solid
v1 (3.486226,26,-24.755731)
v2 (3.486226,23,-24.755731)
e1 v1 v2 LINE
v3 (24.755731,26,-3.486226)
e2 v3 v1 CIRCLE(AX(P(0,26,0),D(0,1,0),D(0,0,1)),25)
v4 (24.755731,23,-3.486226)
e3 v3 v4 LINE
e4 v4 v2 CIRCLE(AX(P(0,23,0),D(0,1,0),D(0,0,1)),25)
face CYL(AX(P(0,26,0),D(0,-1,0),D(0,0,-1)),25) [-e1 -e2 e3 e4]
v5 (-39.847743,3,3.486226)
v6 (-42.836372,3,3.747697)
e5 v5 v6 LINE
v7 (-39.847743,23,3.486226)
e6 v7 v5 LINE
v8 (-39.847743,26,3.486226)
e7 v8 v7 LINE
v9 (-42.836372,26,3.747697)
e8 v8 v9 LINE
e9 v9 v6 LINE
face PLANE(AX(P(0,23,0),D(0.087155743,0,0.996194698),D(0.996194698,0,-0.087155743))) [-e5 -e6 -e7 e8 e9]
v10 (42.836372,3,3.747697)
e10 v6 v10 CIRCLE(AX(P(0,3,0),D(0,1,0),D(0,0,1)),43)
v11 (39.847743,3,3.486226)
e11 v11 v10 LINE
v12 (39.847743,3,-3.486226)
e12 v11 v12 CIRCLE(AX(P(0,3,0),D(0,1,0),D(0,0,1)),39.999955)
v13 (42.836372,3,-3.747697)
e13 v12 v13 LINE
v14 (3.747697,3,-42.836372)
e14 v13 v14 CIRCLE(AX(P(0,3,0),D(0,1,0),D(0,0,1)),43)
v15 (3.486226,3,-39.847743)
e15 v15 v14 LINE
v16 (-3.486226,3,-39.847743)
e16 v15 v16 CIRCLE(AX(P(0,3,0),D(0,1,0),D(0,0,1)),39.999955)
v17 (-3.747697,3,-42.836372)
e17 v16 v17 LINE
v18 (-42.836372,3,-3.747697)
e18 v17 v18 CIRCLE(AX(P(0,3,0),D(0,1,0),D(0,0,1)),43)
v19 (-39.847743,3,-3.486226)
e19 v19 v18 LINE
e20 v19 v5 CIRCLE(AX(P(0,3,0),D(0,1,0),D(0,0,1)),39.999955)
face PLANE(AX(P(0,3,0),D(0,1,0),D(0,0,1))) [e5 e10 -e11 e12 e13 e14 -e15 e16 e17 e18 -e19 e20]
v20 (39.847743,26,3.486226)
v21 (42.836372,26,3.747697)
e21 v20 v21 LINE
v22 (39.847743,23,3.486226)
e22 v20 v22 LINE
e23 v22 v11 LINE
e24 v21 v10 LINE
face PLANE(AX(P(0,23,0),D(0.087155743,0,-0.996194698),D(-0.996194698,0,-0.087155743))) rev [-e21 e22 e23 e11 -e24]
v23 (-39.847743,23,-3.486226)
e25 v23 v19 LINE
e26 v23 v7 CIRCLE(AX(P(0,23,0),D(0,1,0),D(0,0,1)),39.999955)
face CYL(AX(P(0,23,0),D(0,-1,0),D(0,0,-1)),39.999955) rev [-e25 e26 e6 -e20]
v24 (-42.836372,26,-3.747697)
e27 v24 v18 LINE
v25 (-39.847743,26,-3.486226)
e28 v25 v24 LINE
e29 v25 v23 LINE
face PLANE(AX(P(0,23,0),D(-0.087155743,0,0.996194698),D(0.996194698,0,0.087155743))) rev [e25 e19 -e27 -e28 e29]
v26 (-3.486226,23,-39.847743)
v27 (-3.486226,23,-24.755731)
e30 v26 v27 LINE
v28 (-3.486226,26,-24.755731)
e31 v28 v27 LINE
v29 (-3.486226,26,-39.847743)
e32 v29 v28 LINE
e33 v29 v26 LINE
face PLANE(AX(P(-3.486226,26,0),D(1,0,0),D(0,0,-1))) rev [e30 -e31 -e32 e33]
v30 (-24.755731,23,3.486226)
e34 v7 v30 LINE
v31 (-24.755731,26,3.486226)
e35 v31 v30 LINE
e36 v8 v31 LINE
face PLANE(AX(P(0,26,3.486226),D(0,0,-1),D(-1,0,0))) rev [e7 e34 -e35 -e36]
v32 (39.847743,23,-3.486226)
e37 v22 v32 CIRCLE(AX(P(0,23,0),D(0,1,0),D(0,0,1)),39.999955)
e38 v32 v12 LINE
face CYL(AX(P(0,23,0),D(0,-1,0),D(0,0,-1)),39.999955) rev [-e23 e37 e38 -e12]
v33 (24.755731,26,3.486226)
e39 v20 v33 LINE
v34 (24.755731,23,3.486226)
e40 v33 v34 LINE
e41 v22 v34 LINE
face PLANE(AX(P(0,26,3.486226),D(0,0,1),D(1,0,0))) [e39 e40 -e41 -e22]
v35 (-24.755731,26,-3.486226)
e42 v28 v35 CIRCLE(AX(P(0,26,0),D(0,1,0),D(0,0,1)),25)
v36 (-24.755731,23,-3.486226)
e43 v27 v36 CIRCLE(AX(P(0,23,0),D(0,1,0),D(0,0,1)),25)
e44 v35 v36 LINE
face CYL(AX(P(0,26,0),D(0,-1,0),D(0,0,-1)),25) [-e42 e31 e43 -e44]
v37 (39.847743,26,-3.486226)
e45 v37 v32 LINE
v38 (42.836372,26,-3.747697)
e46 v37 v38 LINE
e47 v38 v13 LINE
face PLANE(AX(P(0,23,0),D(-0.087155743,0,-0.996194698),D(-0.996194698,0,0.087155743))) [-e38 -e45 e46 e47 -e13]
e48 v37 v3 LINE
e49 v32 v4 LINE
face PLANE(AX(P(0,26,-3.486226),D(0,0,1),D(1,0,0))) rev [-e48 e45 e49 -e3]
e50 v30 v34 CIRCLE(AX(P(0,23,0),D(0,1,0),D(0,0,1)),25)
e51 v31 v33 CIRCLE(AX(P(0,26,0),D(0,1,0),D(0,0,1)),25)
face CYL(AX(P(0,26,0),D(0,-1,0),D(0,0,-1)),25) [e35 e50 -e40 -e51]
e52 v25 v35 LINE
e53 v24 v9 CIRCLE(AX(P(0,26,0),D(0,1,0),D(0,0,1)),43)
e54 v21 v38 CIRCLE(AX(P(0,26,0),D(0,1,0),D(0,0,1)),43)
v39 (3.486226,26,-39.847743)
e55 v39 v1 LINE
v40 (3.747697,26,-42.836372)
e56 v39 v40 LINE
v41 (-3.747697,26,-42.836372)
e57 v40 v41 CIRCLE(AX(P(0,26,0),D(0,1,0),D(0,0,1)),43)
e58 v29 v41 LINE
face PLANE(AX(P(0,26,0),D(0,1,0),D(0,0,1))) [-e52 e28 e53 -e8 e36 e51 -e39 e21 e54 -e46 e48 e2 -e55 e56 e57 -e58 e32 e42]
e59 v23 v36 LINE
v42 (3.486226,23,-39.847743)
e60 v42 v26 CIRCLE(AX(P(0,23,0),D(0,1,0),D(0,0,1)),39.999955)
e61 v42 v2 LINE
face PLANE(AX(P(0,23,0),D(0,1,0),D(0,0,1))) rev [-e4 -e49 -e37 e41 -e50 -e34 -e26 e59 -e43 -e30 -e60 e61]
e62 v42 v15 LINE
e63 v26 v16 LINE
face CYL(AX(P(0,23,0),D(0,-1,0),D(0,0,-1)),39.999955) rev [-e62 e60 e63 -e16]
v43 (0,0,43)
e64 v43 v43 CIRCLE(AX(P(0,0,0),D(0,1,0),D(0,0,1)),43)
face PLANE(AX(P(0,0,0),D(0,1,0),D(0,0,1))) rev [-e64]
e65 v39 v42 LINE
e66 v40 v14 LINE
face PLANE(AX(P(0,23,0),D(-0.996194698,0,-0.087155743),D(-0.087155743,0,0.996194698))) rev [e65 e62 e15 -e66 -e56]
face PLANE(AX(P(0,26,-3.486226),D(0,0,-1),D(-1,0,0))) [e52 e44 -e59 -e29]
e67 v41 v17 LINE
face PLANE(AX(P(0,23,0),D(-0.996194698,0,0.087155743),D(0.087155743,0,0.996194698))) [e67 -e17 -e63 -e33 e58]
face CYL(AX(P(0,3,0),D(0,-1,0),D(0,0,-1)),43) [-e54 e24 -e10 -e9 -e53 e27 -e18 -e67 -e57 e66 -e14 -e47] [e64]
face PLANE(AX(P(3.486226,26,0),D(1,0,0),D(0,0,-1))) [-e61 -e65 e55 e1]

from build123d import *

# Parameters (mm, degrees)
SKETCH1_R           = 43
BOSS_EXTRUDE1_DEPTH = 3
BOSS_EXTRUDE2_DEPTH = 20
BOSS_EXTRUDE3_DEPTH = 3


with BuildPart() as part:
    # Sketch1 → Boss-Extrude1 (new body)
    with BuildSketch(Plane(origin=(0, 0, 0), x_dir=(1, 0, 0), z_dir=(0, 1, 0))):
        with Locations(Location((0, 0, 0), (0, 0, 270))):
            Circle(SKETCH1_R)
    extrude(amount=BOSS_EXTRUDE1_DEPTH)

    # Sketch2 → Boss-Extrude2 (add)
    with BuildSketch(Plane(origin=(0, 3, 0), x_dir=(1, 0, 0), z_dir=(0, 1, 0))):
        with BuildLine():
            Line((-43, 0), (-39.99995453, 0))
            ThreePointArc((-39.99995453, 0), (-39.961883436, 1.744773511), (-39.847742626, 3.486225747))
            Line((-39.847742626, 3.486225747), (-42.836372018, 3.747696938))
            ThreePointArc((-42.836372018, 3.747696938), (-42.959073528, 1.875633657), (-43, 0))
        make_face()
        with BuildLine():
            ThreePointArc((-39.847742626, -3.486225747), (-39.961883436, -1.744773511), (-39.99995453, 0))
            Line((-39.99995453, 0), (-43, 0))
            ThreePointArc((-43, 0), (-42.959073528, -1.875633657), (-42.836372018, -3.747696938))
            Line((-42.836372018, -3.747696938), (-39.847742626, -3.486225747))
        make_face()
        with BuildLine():
            ThreePointArc((39.847742626, 3.486225747), (39.961883436, 1.744773511), (39.99995453, 0))
            Line((39.99995453, 0), (43, 0))
            ThreePointArc((43, 0), (42.959073528, 1.875633657), (42.836372018, 3.747696938))
            Line((42.836372018, 3.747696938), (39.847742626, 3.486225747))
        make_face()
        with BuildLine():
            Line((43, 0), (39.99995453, 0))
            ThreePointArc((39.99995453, 0), (39.961883436, -1.744773511), (39.847742626, -3.486225747))
            Line((39.847742626, -3.486225747), (42.836372018, -3.747696938))
            ThreePointArc((42.836372018, -3.747696938), (42.959073528, -1.875633657), (43, 0))
        make_face()
        with BuildLine():
            Line((0, 43), (0, 39.99995453))
            ThreePointArc((0, 39.99995453), (1.744773511, 39.961883436), (3.486225747, 39.847742626))
            Line((3.486225747, 39.847742626), (3.747696938, 42.836372018))
            ThreePointArc((3.747696938, 42.836372018), (1.875633657, 42.959073528), (0, 43))
        make_face()
        with BuildLine():
            ThreePointArc((-3.486225747, 39.847742626), (-1.744773511, 39.961883436), (0, 39.99995453))
            Line((0, 39.99995453), (0, 43))
            ThreePointArc((0, 43), (-1.875633657, 42.959073528), (-3.747696938, 42.836372018))
            Line((-3.747696938, 42.836372018), (-3.486225747, 39.847742626))
        make_face()
    extrude(amount=BOSS_EXTRUDE2_DEPTH)

    # Sketch3 → Boss-Extrude3 (add)
    with BuildSketch(Plane(origin=(0, 23, 0), x_dir=(1, 0, 0), z_dir=(0, 1, 0))):
        with BuildLine():
            Line((-42.836372018, -3.747696938), (-39.847742626, -3.486225747))
            Line((-39.847742626, -3.486225747), (-24.755731256, -3.486225747))
            ThreePointArc((-24.755731256, -3.486225747), (0, -25), (24.755731256, -3.486225747))
            Line((24.755731256, -3.486225747), (39.847742626, -3.486225747))
            Line((39.847742626, -3.486225747), (42.836372018, -3.747696938))
            ThreePointArc((42.836372018, -3.747696938), (43, 0), (42.836372018, 3.747696938))
            Line((42.836372018, 3.747696938), (39.847742626, 3.486225747))
            Line((39.847742626, 3.486225747), (24.755731256, 3.486225747))
            ThreePointArc((24.755731256, 3.486225747), (17.67766953, 17.67766953), (3.486225747, 24.755731256))
            Line((3.486225747, 24.755731256), (3.486225747, 39.847742626))
            Line((3.486225747, 39.847742626), (3.747696938, 42.836372018))
            ThreePointArc((3.747696938, 42.836372018), (0, 43), (-3.747696938, 42.836372018))
            Line((-3.747696938, 42.836372018), (-3.486225747, 39.847742626))
            Line((-3.486225747, 39.847742626), (-3.486225747, 24.755731256))
            ThreePointArc((-3.486225747, 24.755731256), (-17.67766953, 17.67766953), (-24.755731256, 3.486225747))
            Line((-24.755731256, 3.486225747), (-39.847742626, 3.486225747))
            Line((-39.847742626, 3.486225747), (-42.836372018, 3.747696938))
            ThreePointArc((-42.836372018, 3.747696938), (-43, 0), (-42.836372018, -3.747696938))
        make_face()
    extrude(amount=BOSS_EXTRUDE3_DEPTH)


solid = part.part
